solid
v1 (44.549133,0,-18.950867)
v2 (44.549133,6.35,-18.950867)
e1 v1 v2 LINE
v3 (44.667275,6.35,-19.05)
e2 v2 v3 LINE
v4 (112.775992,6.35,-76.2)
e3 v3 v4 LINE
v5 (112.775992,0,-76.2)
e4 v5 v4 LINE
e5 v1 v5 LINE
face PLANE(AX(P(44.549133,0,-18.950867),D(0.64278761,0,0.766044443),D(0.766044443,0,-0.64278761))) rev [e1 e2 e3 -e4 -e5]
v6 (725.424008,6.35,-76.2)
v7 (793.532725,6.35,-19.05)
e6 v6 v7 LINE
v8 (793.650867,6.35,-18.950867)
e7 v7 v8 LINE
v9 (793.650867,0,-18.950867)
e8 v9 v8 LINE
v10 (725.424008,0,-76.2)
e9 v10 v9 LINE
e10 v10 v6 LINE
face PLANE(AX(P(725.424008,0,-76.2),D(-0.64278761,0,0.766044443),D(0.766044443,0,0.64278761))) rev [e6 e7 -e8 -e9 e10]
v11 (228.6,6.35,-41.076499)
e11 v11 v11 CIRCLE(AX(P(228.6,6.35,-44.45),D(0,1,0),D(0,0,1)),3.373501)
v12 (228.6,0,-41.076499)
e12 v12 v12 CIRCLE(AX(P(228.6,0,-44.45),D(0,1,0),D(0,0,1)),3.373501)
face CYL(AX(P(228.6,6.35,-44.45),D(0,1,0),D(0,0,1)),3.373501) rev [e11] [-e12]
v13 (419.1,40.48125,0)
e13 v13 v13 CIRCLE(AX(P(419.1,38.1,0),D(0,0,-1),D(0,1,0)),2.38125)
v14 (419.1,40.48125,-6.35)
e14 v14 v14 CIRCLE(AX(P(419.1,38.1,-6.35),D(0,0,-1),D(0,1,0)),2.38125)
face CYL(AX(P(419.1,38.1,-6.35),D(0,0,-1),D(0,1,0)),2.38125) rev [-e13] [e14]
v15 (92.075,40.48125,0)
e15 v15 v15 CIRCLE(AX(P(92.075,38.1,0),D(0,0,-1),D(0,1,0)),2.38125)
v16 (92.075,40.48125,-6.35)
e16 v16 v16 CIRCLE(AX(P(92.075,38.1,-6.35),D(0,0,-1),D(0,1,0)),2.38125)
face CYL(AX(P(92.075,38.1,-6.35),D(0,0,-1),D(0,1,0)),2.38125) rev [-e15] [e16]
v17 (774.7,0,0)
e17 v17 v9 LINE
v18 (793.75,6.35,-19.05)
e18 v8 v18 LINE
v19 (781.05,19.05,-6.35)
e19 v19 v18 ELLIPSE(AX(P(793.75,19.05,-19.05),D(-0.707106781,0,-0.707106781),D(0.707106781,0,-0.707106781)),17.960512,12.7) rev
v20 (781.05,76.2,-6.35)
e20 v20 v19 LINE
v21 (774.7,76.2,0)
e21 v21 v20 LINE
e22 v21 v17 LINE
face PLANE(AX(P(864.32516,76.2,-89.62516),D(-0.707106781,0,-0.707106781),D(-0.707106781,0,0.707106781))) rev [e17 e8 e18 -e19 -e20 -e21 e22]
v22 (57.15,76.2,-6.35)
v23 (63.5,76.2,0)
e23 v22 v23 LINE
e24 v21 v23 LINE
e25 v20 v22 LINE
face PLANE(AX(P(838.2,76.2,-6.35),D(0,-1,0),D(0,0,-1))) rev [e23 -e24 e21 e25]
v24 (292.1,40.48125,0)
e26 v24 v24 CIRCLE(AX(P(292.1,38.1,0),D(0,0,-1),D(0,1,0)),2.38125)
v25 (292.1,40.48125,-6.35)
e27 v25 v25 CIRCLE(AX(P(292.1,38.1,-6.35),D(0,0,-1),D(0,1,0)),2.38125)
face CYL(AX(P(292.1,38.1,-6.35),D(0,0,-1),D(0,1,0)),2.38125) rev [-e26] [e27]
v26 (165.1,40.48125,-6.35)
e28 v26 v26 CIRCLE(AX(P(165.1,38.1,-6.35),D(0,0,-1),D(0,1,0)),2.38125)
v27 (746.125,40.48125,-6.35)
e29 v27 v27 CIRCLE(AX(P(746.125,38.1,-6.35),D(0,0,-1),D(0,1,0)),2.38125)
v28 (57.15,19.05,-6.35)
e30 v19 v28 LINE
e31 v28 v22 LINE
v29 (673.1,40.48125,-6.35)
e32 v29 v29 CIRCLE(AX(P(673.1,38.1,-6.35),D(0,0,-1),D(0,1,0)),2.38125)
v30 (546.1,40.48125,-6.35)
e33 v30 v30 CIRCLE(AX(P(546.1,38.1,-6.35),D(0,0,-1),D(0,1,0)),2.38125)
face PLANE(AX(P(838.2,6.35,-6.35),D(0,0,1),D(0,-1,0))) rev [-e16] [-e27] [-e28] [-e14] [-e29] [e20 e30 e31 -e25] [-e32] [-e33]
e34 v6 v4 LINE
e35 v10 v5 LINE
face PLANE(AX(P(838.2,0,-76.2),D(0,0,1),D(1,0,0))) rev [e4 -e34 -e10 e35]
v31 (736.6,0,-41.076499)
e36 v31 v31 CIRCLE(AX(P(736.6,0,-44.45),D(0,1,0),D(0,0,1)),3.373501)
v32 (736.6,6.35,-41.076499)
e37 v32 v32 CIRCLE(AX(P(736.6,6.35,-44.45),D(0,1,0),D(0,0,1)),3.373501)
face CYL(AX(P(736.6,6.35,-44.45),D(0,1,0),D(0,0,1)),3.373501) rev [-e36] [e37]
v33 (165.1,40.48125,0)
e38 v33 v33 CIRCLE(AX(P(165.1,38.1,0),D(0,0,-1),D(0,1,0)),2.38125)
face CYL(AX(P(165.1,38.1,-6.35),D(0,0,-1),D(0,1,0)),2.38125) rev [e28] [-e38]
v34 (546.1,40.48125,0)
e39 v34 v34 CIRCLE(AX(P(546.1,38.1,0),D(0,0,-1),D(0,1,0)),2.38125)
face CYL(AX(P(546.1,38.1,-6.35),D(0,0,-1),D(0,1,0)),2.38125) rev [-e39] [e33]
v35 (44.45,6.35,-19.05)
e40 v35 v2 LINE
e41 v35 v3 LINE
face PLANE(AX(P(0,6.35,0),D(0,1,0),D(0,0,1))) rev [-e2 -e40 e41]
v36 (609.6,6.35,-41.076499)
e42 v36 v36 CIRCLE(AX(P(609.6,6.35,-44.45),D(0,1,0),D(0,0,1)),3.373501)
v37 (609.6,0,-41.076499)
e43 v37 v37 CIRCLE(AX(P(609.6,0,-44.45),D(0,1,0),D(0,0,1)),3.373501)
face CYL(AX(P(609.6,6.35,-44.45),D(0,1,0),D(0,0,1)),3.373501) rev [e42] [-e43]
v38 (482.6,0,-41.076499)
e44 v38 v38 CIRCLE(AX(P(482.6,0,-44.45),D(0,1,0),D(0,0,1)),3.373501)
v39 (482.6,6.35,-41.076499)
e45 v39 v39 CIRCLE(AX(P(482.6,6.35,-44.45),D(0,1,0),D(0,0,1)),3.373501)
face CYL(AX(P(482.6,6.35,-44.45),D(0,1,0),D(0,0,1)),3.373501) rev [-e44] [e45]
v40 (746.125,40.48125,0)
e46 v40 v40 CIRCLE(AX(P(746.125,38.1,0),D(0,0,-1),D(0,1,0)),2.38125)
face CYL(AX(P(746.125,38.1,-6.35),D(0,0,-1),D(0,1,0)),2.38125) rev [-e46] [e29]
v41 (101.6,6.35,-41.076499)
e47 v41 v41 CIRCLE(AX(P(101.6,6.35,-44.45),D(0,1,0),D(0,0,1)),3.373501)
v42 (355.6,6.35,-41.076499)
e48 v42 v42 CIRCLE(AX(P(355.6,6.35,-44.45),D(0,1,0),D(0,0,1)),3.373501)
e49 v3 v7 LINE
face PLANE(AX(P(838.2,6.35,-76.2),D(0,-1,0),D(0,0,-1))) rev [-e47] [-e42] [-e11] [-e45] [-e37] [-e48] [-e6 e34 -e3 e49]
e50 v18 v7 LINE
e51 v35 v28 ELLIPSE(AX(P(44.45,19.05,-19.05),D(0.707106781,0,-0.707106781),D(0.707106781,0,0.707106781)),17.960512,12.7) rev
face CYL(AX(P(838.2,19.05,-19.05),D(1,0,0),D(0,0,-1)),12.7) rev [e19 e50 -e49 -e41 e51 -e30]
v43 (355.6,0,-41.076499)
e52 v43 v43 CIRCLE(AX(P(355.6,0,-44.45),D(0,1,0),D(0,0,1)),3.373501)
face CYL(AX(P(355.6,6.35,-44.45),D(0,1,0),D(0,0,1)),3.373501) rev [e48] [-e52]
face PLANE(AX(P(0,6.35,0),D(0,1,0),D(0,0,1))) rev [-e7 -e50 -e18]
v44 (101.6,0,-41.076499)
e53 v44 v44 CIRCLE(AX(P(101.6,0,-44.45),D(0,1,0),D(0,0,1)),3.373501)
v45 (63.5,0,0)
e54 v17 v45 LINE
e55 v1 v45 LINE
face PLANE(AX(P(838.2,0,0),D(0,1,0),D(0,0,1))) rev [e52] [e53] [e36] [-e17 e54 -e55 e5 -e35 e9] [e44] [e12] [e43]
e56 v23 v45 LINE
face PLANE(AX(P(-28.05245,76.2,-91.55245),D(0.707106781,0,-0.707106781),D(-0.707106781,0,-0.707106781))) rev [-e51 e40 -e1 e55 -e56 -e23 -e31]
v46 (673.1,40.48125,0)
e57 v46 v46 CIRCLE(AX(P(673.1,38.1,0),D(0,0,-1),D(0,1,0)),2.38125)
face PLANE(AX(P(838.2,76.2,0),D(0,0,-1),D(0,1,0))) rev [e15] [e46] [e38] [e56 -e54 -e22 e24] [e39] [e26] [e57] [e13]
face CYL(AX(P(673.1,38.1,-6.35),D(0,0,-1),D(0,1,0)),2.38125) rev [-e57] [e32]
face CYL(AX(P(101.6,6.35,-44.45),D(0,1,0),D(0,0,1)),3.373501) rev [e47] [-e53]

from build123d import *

# Parameters (mm, degrees)
BOSS_EXTRUDE1_DEPTH              = 838.2
FILLET1_R                        = 12.7
F_17_64_0_26563_DIAMETER_HOLE1_D = 6.747002
LPATTERN1_COUNT                  = 6
LPATTERN1_PITCH                  = 127
CUT_EXTRUDE3_DEPTH               = 846.098881788
CUT_EXTRUDE4_DEPTH               = 846.098881788
CUT_EXTRUDE5_DEPTH               = 845.55
CUT_EXTRUDE6_DEPTH               = 845.55
F_3_16_0_1875_DIAMETER_HOLE1_D   = 4.7625
LPATTERN2_COUNT                  = 3
LPATTERN2_PITCH                  = 127
LPATTERN3_COUNT                  = 3
LPATTERN3_PITCH                  = 127
F_3_16_0_1875_DIAMETER_HOLE3_D   = 4.7625


with BuildPart() as part:
    # Sketch1 → Boss-Extrude1 (new body)
    with BuildSketch(Plane(origin=(0, 0, 0), x_dir=(0, 0, -1), z_dir=(1, 0, 0))):
        Polygon((0, 0), (76.2, 0), (76.2, 6.35), (6.35, 6.35), (6.35, 76.2), (0, 76.2), align=None)
    extrude(amount=BOSS_EXTRUDE1_DEPTH)

    # Fillet1
    fillet1_edges = [part.edges().sort_by_distance(p)[0] for p in [
        (419.1, 6.35, -6.35),
    ]]
    fillet(fillet1_edges, radius=FILLET1_R)

    # 17/64 (0.26563) Diameter Hole1 (through all)
    with Locations(Plane(origin=(0, 6.35, 0), x_dir=(1, 0, 0), z_dir=(0, 1, 0))):
        with Locations((101.6, 44.45)):
            f_17_64_0_26563_diameter_hole1 = Hole(F_17_64_0_26563_DIAMETER_HOLE1_D / 2)

    # LPattern1: 17/64 (0.26563) Diameter Hole1 ×6
    with Locations(*[(i * LPATTERN1_PITCH, 0, 0) for i in range(1, LPATTERN1_COUNT)]):
        add(f_17_64_0_26563_diameter_hole1, mode=Mode.SUBTRACT)

    # Sketch7 → Cut-Extrude3 (cut, through all)
    with BuildSketch(Plane.XZ):
        Polygon((63.5, 0), (-28.052450059, 0), (-28.052450059, -91.552450059), align=None)
    extrude(amount=-CUT_EXTRUDE3_DEPTH, mode=Mode.SUBTRACT)

    # Sketch8 → Cut-Extrude4 (cut, through all)
    with BuildSketch(Plane.XZ):
        Polygon((774.7, 0), (864.325160155, 0), (864.325160155, -89.625160155), align=None)
    extrude(amount=-CUT_EXTRUDE4_DEPTH, mode=Mode.SUBTRACT)

    # Sketch12 → Cut-Extrude5 (cut, through all)
    with BuildSketch(Plane(origin=(0, 6.35, 0), x_dir=(1, 0, 0), z_dir=(0, 1, 0))):
        Polygon((44.549132772, 18.950867228), (112.775992426, 76.2), (-12.7, 76.2), align=None)
    extrude(amount=-CUT_EXTRUDE5_DEPTH, mode=Mode.SUBTRACT)

    # Sketch14 → Cut-Extrude6 (cut, through all)
    with BuildSketch(Plane(origin=(0, 6.35, 0), x_dir=(1, 0, 0), z_dir=(0, 1, 0))):
        Polygon((793.650867228, 18.950867228), (850.9, 76.2), (725.424007574, 76.2), align=None)
    extrude(amount=-CUT_EXTRUDE6_DEPTH, mode=Mode.SUBTRACT)

    # 3/16 (0.1875) Diameter Hole1 (through all)
    with Locations(Plane(origin=(0, 0, -6.35), x_dir=(-1, 0, 0), z_dir=(0, 0, -1))):
        with Locations((-419.1, 38.1)):
            f_3_16_0_1875_diameter_hole1 = Hole(F_3_16_0_1875_DIAMETER_HOLE1_D / 2)

    # LPattern2: 3/16 (0.1875) Diameter Hole1 ×3
    with Locations(*[(-i * LPATTERN2_PITCH, 0, 0) for i in range(1, LPATTERN2_COUNT)]):
        add(f_3_16_0_1875_diameter_hole1, mode=Mode.SUBTRACT)

    # LPattern3: 3/16 (0.1875) Diameter Hole1 ×3
    with Locations(*[(i * LPATTERN3_PITCH, 0, 0) for i in range(1, LPATTERN3_COUNT)]):
        add(f_3_16_0_1875_diameter_hole1, mode=Mode.SUBTRACT)

    # 3/16 (0.1875) Diameter Hole3 (through all)
    with Locations(Plane(origin=(0, 0, -6.35), x_dir=(-1, 0, 0), z_dir=(0, 0, -1))):
        with Locations((-746.125, 38.1), (-92.075, 38.1)):
            Hole(F_3_16_0_1875_DIAMETER_HOLE3_D / 2)


solid = part.part
